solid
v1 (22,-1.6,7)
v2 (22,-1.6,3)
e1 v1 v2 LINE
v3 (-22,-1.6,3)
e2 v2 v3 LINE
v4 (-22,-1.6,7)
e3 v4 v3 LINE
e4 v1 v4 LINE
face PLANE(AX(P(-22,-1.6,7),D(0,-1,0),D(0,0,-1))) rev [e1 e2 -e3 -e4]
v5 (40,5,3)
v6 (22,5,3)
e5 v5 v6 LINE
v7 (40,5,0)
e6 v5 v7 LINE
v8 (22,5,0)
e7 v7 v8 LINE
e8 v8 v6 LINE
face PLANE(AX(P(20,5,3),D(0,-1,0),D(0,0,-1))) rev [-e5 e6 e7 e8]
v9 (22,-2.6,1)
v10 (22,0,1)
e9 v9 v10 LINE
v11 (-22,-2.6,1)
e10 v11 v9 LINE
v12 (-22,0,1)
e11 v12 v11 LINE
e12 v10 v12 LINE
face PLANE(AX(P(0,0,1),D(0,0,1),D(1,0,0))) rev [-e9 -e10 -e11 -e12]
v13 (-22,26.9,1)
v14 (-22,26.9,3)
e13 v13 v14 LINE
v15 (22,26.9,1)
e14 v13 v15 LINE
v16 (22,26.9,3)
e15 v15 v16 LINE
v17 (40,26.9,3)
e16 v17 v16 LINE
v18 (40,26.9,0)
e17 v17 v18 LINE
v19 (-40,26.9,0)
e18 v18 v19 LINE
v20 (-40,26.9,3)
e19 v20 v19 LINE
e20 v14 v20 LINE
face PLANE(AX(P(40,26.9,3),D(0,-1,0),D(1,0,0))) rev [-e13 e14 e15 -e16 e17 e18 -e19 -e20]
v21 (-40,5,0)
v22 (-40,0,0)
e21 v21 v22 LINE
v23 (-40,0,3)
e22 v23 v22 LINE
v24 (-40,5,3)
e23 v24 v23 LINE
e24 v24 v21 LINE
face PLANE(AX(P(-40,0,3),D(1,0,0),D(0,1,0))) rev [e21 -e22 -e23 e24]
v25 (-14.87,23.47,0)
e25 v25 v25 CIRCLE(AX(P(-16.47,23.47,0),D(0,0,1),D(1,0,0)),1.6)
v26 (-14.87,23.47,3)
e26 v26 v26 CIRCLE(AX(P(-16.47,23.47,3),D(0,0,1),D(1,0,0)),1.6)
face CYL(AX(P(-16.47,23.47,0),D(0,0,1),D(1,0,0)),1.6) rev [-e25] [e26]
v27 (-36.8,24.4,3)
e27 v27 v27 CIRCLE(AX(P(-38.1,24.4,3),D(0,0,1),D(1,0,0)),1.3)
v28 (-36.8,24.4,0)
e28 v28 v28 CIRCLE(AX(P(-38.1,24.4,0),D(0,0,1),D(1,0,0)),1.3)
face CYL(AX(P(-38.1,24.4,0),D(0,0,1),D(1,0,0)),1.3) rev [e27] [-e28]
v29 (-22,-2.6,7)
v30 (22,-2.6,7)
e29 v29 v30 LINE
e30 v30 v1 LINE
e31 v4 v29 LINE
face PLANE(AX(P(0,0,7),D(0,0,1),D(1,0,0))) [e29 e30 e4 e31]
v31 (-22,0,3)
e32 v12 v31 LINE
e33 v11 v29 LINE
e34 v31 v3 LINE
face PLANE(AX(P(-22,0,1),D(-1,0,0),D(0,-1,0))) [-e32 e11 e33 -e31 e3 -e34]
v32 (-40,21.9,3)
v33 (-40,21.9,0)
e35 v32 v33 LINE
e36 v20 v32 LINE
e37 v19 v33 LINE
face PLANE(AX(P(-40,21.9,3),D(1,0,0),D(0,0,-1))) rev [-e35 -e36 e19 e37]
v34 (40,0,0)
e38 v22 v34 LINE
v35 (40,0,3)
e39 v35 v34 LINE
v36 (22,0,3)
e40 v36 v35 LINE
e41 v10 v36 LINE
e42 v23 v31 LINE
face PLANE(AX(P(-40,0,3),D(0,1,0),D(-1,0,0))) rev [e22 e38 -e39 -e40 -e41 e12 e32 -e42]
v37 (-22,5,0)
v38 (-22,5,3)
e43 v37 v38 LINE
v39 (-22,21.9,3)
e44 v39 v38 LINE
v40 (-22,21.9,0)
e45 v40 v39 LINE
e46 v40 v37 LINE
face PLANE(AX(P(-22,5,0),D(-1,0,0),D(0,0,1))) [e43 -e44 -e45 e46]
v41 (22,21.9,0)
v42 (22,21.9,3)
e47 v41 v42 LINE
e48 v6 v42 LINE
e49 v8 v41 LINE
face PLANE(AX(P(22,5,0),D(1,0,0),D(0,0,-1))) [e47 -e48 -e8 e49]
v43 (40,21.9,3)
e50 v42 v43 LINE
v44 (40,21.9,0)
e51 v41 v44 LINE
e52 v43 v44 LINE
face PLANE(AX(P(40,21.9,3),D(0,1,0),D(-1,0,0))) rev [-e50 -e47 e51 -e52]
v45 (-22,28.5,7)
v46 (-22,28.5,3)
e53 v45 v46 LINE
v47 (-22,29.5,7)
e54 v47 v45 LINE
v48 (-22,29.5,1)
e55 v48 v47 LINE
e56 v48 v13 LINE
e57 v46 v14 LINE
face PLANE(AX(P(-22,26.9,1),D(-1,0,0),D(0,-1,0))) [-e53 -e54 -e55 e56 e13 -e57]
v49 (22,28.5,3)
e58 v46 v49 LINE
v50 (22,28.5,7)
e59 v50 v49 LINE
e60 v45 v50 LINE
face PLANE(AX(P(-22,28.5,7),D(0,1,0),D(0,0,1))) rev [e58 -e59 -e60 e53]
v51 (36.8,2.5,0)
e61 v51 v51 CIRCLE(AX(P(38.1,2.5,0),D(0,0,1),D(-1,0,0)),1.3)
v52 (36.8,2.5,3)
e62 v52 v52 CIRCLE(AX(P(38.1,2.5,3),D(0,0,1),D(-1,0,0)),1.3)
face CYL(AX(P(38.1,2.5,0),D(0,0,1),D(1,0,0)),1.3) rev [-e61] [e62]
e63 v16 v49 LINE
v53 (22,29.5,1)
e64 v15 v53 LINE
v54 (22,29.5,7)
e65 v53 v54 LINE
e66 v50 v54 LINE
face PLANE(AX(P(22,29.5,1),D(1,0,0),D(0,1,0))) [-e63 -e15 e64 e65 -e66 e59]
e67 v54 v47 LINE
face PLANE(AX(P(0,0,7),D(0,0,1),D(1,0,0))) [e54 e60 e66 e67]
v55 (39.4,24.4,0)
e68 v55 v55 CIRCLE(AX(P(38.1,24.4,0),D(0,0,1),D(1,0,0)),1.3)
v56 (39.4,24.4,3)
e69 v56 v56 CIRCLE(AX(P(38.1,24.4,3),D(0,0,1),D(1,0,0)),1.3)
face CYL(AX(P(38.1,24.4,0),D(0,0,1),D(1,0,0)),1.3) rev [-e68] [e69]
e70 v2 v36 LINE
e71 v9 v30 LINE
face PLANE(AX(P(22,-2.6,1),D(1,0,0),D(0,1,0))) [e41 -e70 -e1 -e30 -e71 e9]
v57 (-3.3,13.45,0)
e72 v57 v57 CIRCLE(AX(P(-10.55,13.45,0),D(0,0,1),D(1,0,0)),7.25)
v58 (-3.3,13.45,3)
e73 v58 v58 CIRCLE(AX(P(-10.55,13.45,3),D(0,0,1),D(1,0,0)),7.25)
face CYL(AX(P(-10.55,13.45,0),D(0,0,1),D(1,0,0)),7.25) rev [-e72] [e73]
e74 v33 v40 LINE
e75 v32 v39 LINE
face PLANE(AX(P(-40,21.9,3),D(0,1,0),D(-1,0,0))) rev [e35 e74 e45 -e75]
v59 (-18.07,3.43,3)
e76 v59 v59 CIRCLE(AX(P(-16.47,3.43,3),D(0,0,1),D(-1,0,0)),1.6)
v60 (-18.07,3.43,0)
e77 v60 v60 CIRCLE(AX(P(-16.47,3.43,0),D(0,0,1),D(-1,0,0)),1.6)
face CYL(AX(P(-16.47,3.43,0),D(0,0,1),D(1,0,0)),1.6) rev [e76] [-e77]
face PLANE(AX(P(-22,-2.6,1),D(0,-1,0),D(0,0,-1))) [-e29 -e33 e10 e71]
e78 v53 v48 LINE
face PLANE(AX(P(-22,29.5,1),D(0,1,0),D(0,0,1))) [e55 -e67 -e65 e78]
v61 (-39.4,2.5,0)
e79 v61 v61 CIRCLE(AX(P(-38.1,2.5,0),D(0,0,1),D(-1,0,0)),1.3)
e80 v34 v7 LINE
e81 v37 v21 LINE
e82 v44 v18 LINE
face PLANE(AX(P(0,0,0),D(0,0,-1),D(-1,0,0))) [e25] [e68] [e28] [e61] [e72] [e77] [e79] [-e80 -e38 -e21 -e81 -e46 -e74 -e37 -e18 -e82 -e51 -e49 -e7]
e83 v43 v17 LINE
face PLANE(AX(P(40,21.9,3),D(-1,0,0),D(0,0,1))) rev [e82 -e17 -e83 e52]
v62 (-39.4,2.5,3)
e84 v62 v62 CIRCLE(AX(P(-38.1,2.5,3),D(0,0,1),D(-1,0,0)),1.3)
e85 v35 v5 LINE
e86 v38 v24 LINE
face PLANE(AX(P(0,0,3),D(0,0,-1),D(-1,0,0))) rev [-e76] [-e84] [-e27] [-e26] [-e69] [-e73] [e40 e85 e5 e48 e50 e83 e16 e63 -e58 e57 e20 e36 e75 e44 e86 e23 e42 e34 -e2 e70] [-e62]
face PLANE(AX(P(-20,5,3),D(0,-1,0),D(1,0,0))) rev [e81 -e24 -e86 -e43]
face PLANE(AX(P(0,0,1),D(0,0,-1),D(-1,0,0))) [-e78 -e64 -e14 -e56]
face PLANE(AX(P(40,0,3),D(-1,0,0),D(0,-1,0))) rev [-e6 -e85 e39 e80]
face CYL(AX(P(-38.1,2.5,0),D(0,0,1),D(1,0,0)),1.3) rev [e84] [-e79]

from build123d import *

# Parameters (mm, degrees)
RESSALTO_EXTRUS_O1_DEPTH = 3
ESBO_O2_R                = 1.3
CORTE_EXTRUS_O1_DEPTH    = 3
ESBO_O3_W                = 2
ESBO_O3_H                = 16.9
RESSALTO_EXTRUS_O2_DEPTH = 3
ESBO_O4_R                = 7.25
CORTE_EXTRUS_O2_DEPTH    = 3
ESBO_O6_R                = 1.6
CORTE_EXTRUS_O3_DEPTH    = 3
ESBO_O7_W                = 44
ESBO_O7_H                = 2.6
RESSALTO_EXTRUS_O4_DEPTH = 2
ESBO_O8_W                = 44
ESBO_O8_H                = 1
RESSALTO_EXTRUS_O5_DEPTH = 4


with BuildPart() as part:
    # Esboço1 → Ressalto-extrusão1 (new body)
    with BuildSketch(Plane.XY):
        Polygon((-40, 0), (40, 0), (40, 5), (20, 5), (20, 21.9), (40, 21.9), (40, 26.9), (-40, 26.9), (-40, 21.9), (-20, 21.9), (-20, 5), (-40, 5), align=None)
    extrude(amount=RESSALTO_EXTRUS_O1_DEPTH)

    # Esboço2 → Corte-extrusão1 (cut)
    with BuildSketch(Plane.XY.offset(3)):
        with Locations((-38.1, 24.4)):
            Circle(ESBO_O2_R)
        with Locations((38.1, 24.4)):
            Circle(ESBO_O2_R)
        with Locations(Location((38.1, 2.5, 0), (0, 0, 180))):
            Circle(ESBO_O2_R)
        with Locations(Location((-38.1, 2.5, 0), (0, 0, 180))):
            Circle(ESBO_O2_R)
    extrude(amount=-CORTE_EXTRUS_O1_DEPTH, mode=Mode.SUBTRACT)

    # Esboço3 → Ressalto-extrusão2 (add)
    with BuildSketch(Plane.XY.offset(3)):
        with Locations((-21, 13.45)):
            Rectangle(ESBO_O3_W, ESBO_O3_H)
        with Locations((21, 13.45)):
            Rectangle(ESBO_O3_W, ESBO_O3_H)
    extrude(amount=-RESSALTO_EXTRUS_O2_DEPTH)

    # Esboço4 → Corte-extrusão2 (cut)
    with BuildSketch(Plane.XY.offset(3)):
        with Locations((-10.55, 13.45)):
            Circle(ESBO_O4_R)
    extrude(amount=-CORTE_EXTRUS_O2_DEPTH, mode=Mode.SUBTRACT)

    # Esboço6 → Corte-extrusão3 (cut)
    with BuildSketch(Plane.XY.offset(3)):
        with Locations((-16.47, 23.47)):
            Circle(ESBO_O6_R)
        with Locations(Location((-16.47, 3.43, 0), (0, 0, 180))):
            Circle(ESBO_O6_R)
    extrude(amount=-CORTE_EXTRUS_O3_DEPTH, mode=Mode.SUBTRACT)

    # Esboço7 → Ressalto-extrusão4 (add)
    with BuildSketch(Plane.XY.offset(3)):
        with Locations((0, 28.2)):
            Rectangle(ESBO_O7_W, ESBO_O7_H)
        with Locations((0, -1.3)):
            Rectangle(ESBO_O7_W, ESBO_O7_H)
    extrude(amount=-RESSALTO_EXTRUS_O4_DEPTH)

    # Esboço8 → Ressalto-extrusão5 (add)
    with BuildSketch(Plane.XY.offset(3)):
        with Locations((0, 29)):
            Rectangle(ESBO_O8_W, ESBO_O8_H)
        with Locations((0, -2.1)):
            Rectangle(ESBO_O8_W, ESBO_O8_H)
    extrude(amount=RESSALTO_EXTRUS_O5_DEPTH)


solid = part.part
